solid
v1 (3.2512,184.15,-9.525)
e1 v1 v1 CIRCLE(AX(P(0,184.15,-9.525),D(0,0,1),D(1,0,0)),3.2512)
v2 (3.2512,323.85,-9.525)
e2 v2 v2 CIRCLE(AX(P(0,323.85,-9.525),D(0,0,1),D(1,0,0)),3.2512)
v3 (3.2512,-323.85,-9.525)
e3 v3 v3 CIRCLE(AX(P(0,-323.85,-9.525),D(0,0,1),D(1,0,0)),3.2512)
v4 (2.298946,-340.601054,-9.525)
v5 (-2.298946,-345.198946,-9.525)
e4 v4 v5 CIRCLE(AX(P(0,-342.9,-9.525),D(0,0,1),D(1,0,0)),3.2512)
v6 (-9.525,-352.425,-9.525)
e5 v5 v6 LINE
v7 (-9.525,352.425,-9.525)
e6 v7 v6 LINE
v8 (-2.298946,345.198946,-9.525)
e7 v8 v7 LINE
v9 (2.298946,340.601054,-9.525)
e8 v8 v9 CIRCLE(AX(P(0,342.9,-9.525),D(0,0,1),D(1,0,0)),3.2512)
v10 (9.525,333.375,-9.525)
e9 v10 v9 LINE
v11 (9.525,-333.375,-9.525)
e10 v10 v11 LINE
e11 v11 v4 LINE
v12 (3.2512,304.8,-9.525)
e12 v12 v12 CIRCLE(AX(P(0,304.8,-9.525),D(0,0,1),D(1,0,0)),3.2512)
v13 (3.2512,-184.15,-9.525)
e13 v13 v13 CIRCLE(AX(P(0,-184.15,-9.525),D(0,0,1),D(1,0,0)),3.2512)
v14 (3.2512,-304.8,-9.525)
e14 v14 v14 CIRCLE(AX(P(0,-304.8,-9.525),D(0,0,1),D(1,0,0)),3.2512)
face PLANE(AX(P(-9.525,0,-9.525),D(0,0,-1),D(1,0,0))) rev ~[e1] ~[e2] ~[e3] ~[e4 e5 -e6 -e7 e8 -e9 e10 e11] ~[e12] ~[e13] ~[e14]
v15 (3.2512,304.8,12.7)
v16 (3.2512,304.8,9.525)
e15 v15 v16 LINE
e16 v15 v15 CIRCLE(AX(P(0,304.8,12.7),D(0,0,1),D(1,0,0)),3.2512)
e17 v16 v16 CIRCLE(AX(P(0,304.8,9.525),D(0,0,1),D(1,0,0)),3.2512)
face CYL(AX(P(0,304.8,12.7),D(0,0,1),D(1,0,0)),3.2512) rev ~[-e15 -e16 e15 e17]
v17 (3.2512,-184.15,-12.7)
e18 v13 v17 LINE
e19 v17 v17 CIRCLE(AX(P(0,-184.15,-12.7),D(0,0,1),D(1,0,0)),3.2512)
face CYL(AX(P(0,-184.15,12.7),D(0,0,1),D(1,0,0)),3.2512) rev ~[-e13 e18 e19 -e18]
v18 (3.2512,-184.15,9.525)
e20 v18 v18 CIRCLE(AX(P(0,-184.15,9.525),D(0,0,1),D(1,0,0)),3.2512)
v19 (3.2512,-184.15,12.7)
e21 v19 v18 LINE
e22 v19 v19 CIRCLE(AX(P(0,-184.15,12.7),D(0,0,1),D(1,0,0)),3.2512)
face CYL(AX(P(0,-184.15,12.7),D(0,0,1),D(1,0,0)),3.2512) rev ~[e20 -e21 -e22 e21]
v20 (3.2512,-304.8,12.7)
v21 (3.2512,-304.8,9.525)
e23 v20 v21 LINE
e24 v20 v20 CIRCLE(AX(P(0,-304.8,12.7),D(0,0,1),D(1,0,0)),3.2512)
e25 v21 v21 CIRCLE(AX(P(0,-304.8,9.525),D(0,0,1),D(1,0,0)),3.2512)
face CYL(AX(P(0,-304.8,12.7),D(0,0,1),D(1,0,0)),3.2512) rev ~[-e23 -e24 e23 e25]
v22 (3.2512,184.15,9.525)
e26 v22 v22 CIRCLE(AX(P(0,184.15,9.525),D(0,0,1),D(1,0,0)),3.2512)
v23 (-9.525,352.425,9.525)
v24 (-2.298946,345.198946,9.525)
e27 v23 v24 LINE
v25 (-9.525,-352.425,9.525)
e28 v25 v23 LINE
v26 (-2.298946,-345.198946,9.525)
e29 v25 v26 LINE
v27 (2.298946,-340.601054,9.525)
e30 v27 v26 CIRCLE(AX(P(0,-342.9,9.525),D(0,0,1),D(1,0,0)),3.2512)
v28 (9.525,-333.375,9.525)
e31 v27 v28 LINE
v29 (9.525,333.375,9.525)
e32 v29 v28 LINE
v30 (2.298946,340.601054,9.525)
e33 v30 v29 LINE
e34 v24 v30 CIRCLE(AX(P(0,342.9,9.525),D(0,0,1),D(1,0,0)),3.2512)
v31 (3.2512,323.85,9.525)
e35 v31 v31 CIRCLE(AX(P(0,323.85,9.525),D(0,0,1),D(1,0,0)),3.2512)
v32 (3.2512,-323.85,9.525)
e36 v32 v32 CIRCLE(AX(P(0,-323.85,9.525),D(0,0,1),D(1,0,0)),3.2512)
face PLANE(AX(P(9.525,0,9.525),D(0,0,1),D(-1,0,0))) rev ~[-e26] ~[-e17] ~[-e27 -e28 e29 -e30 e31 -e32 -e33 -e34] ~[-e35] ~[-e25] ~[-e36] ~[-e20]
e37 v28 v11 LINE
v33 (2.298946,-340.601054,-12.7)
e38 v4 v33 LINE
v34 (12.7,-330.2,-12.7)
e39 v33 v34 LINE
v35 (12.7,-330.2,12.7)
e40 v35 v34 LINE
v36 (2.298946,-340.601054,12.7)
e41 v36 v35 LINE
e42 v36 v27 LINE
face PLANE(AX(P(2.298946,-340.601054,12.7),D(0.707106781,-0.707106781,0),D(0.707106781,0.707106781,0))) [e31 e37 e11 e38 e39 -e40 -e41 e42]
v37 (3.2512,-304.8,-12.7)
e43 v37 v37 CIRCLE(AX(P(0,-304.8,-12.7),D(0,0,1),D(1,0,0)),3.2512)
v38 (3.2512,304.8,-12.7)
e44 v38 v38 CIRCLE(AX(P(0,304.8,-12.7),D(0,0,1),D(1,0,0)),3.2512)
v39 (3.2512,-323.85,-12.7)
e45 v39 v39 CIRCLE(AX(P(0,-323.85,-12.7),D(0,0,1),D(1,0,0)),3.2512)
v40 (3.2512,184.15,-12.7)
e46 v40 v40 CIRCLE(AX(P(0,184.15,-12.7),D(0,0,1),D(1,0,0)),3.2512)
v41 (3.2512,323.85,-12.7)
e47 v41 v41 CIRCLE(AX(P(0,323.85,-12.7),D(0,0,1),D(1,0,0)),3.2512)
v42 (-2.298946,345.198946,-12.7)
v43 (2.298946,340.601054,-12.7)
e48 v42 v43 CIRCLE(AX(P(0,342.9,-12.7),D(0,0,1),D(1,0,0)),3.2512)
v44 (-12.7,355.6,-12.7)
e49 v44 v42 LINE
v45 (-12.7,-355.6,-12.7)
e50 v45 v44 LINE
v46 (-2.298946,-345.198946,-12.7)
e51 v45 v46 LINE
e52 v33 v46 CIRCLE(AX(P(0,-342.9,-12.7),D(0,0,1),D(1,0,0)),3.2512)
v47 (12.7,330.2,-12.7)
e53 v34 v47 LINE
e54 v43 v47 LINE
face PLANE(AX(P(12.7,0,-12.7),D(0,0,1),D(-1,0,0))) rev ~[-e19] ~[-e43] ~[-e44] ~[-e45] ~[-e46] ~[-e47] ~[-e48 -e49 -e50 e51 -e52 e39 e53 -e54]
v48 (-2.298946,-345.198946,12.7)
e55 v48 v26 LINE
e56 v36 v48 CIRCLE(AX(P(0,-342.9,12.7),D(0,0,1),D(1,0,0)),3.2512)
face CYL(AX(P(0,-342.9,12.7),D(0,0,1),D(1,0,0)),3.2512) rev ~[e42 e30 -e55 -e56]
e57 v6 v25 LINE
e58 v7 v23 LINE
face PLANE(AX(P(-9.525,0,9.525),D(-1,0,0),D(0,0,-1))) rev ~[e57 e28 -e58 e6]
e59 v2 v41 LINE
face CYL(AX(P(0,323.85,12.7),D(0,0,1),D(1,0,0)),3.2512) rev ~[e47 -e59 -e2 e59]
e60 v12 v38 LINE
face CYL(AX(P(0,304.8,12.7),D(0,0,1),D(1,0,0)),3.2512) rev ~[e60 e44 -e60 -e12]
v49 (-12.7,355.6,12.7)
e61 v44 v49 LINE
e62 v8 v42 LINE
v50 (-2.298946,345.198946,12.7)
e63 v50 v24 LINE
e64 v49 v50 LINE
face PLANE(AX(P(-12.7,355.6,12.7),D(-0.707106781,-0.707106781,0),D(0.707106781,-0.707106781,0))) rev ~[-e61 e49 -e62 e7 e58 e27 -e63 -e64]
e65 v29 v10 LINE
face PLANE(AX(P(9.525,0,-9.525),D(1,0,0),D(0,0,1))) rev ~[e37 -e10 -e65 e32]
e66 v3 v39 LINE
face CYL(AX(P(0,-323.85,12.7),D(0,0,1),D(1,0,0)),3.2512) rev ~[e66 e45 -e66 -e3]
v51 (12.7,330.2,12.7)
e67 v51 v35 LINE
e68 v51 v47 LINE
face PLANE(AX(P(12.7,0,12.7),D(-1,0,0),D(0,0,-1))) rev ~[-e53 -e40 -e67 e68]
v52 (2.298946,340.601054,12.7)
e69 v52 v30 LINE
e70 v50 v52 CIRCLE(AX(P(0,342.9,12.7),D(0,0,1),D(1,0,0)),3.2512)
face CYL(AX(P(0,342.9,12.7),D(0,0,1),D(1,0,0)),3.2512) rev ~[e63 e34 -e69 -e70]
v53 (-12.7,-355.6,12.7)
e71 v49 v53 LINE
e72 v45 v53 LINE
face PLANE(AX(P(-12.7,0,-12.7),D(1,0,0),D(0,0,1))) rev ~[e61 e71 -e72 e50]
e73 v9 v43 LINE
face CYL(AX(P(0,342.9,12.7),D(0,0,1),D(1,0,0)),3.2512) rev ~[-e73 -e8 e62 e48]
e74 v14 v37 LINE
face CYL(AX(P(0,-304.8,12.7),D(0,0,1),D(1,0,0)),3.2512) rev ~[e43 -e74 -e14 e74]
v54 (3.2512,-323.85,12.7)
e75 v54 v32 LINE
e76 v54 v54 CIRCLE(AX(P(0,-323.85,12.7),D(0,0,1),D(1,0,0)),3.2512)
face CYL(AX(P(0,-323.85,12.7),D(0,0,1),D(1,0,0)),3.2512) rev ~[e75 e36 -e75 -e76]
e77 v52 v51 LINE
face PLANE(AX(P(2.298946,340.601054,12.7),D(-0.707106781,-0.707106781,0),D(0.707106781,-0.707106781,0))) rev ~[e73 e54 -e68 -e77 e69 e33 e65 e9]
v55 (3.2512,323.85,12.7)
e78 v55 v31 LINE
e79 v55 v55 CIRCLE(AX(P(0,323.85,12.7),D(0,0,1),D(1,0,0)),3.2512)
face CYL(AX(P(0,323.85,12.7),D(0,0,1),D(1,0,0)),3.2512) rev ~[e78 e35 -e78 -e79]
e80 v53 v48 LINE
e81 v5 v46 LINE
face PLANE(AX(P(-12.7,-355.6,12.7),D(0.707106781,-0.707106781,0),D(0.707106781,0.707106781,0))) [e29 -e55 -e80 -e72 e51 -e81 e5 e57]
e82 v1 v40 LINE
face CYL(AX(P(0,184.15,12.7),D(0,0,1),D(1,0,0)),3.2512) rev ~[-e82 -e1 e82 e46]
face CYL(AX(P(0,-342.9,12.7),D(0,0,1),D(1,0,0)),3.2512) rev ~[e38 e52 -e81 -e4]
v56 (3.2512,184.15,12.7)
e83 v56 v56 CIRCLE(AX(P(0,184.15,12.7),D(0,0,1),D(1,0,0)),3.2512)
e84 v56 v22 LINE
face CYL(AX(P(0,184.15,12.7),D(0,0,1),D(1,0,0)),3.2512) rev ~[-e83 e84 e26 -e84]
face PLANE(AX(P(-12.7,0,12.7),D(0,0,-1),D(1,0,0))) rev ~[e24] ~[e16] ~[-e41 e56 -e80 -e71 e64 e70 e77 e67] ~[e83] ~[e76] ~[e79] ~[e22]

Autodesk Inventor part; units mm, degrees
ref_plane "YZ Plane" through (0, 0, 0) normal (1, 0, 0) x (0, 1, 0)
ref_plane "XZ Plane" through (0, 0, 0) normal (0, 1, 0) x (-1, 0, 0)
ref_plane "XY Plane" through (0, 0, 0) normal (0, 0, 1) x (1, 0, 0)
sketch "Sketch1" plane through (0, 0, 0) normal (0, 1, 0) x (-1, 0, 0)
  line L0 (-12.7, -12.7) -> (12.7, -12.7)
  line L1 (12.7, -12.7) -> (12.7, 12.7)
  line L2 (12.7, 12.7) -> (-12.7, 12.7)
  line L3 (-12.7, 12.7) -> (-12.7, -12.7)
  line L4 (-12.7, -12.7) -> (12.7, 12.7) construction
  line L5 (12.7, -12.7) -> (-12.7, 12.7) construction
  line L6 (9.525, 9.525) -> (9.525, -9.525)
  line L7 (9.525, -9.525) -> (-9.525, -9.525)
  line L8 (-9.525, -9.525) -> (-9.525, 9.525)
  line L9 (-9.525, 9.525) -> (9.525, 9.525)
  point P0 (0, 0)
  dimension "d0" = 25.4
  dimension "d1" = 25.4
  dimension "d2" = 3.175
extrude "Extrusion1" add sketch "Sketch1" along normal mid plane 711.2
sketch "Sketch2" plane through (-12.7, 355.6, 12.7) normal (0, 0, 1) x (1, 0, 0)
  line L0 (0, 0) -> (25.4, 0) projected
  line L1 (0, 0) -> (25.4, -25.4)
  line L2 (25.4, -711.2) -> (25.4, 0) projected
  circle A0 centre (12.7, -31.75) radius 3.2512
  circle A1 centre (12.7, -50.8) radius 3.2512
  line L3 (0, -711.2) -> (0, 0) projected
  line L4 (0, -355.6) -> (25.4, -355.6) construction
  line L5 (0, -711.2) -> (25.4, -711.2)
  line L6 (0, -711.2) -> (25.4, -685.8)
  circle A2 centre (12.7, -679.45) radius 3.2512
  circle A3 centre (12.7, -660.4) radius 3.2512
  circle A4 centre (12.7, -12.7) radius 3.2512
  circle A5 centre (12.7, -698.5) radius 3.2512
  point P0 (12.7, -355.6)
  point P1 (12.7, 0)
  point P2 (12.7, -711.2)
  point P3 (14.9989, -14.9989)
  point P4 (10.4011, -10.4011)
  point P5 (14.9989, -696.2011)
  point P6 (10.4011, -700.7989)
  dimension "d5" = 25.4
  dimension "d6" = 6.5024
  dimension "d7" = 31.75
  dimension "d8" = 19.05
extrude "Extrusion2" cut sketch "Sketch2" against normal blind 711.2 contours L0 L2 L1 A4 | A4 L1 | L1 A4 | L6 A5 L2 L5 | A5 L6 | L6 A5 | A0 | A1 | A2 | A3
sketch "Sketch3" plane through (-12.7, -355.6, 12.7) normal (0, 0, 1) x (1, 0, 0)
  line L0 (0, 711.2) -> (0, 0) construction
  line L1 (0, 355.6) -> (25.4, 355.6) construction
  line L2 (25.4, 25.4) -> (25.4, 685.8) construction
  circle A0 centre (12.7, 171.45) radius 3.2512
  circle A1 centre (12.7, 539.75) radius 3.2512
  point P0 (12.7, 355.6)
  dimension "d14" = 6.5024
  dimension "d15" = 184.15
  dimension "d16" = 146.05
extrude "Extrusion3" cut sketch "Sketch3" against normal blind 25.4
properties part number "STRU_003_BilletPole_28in_Angled" material "Aluminum 6061"
